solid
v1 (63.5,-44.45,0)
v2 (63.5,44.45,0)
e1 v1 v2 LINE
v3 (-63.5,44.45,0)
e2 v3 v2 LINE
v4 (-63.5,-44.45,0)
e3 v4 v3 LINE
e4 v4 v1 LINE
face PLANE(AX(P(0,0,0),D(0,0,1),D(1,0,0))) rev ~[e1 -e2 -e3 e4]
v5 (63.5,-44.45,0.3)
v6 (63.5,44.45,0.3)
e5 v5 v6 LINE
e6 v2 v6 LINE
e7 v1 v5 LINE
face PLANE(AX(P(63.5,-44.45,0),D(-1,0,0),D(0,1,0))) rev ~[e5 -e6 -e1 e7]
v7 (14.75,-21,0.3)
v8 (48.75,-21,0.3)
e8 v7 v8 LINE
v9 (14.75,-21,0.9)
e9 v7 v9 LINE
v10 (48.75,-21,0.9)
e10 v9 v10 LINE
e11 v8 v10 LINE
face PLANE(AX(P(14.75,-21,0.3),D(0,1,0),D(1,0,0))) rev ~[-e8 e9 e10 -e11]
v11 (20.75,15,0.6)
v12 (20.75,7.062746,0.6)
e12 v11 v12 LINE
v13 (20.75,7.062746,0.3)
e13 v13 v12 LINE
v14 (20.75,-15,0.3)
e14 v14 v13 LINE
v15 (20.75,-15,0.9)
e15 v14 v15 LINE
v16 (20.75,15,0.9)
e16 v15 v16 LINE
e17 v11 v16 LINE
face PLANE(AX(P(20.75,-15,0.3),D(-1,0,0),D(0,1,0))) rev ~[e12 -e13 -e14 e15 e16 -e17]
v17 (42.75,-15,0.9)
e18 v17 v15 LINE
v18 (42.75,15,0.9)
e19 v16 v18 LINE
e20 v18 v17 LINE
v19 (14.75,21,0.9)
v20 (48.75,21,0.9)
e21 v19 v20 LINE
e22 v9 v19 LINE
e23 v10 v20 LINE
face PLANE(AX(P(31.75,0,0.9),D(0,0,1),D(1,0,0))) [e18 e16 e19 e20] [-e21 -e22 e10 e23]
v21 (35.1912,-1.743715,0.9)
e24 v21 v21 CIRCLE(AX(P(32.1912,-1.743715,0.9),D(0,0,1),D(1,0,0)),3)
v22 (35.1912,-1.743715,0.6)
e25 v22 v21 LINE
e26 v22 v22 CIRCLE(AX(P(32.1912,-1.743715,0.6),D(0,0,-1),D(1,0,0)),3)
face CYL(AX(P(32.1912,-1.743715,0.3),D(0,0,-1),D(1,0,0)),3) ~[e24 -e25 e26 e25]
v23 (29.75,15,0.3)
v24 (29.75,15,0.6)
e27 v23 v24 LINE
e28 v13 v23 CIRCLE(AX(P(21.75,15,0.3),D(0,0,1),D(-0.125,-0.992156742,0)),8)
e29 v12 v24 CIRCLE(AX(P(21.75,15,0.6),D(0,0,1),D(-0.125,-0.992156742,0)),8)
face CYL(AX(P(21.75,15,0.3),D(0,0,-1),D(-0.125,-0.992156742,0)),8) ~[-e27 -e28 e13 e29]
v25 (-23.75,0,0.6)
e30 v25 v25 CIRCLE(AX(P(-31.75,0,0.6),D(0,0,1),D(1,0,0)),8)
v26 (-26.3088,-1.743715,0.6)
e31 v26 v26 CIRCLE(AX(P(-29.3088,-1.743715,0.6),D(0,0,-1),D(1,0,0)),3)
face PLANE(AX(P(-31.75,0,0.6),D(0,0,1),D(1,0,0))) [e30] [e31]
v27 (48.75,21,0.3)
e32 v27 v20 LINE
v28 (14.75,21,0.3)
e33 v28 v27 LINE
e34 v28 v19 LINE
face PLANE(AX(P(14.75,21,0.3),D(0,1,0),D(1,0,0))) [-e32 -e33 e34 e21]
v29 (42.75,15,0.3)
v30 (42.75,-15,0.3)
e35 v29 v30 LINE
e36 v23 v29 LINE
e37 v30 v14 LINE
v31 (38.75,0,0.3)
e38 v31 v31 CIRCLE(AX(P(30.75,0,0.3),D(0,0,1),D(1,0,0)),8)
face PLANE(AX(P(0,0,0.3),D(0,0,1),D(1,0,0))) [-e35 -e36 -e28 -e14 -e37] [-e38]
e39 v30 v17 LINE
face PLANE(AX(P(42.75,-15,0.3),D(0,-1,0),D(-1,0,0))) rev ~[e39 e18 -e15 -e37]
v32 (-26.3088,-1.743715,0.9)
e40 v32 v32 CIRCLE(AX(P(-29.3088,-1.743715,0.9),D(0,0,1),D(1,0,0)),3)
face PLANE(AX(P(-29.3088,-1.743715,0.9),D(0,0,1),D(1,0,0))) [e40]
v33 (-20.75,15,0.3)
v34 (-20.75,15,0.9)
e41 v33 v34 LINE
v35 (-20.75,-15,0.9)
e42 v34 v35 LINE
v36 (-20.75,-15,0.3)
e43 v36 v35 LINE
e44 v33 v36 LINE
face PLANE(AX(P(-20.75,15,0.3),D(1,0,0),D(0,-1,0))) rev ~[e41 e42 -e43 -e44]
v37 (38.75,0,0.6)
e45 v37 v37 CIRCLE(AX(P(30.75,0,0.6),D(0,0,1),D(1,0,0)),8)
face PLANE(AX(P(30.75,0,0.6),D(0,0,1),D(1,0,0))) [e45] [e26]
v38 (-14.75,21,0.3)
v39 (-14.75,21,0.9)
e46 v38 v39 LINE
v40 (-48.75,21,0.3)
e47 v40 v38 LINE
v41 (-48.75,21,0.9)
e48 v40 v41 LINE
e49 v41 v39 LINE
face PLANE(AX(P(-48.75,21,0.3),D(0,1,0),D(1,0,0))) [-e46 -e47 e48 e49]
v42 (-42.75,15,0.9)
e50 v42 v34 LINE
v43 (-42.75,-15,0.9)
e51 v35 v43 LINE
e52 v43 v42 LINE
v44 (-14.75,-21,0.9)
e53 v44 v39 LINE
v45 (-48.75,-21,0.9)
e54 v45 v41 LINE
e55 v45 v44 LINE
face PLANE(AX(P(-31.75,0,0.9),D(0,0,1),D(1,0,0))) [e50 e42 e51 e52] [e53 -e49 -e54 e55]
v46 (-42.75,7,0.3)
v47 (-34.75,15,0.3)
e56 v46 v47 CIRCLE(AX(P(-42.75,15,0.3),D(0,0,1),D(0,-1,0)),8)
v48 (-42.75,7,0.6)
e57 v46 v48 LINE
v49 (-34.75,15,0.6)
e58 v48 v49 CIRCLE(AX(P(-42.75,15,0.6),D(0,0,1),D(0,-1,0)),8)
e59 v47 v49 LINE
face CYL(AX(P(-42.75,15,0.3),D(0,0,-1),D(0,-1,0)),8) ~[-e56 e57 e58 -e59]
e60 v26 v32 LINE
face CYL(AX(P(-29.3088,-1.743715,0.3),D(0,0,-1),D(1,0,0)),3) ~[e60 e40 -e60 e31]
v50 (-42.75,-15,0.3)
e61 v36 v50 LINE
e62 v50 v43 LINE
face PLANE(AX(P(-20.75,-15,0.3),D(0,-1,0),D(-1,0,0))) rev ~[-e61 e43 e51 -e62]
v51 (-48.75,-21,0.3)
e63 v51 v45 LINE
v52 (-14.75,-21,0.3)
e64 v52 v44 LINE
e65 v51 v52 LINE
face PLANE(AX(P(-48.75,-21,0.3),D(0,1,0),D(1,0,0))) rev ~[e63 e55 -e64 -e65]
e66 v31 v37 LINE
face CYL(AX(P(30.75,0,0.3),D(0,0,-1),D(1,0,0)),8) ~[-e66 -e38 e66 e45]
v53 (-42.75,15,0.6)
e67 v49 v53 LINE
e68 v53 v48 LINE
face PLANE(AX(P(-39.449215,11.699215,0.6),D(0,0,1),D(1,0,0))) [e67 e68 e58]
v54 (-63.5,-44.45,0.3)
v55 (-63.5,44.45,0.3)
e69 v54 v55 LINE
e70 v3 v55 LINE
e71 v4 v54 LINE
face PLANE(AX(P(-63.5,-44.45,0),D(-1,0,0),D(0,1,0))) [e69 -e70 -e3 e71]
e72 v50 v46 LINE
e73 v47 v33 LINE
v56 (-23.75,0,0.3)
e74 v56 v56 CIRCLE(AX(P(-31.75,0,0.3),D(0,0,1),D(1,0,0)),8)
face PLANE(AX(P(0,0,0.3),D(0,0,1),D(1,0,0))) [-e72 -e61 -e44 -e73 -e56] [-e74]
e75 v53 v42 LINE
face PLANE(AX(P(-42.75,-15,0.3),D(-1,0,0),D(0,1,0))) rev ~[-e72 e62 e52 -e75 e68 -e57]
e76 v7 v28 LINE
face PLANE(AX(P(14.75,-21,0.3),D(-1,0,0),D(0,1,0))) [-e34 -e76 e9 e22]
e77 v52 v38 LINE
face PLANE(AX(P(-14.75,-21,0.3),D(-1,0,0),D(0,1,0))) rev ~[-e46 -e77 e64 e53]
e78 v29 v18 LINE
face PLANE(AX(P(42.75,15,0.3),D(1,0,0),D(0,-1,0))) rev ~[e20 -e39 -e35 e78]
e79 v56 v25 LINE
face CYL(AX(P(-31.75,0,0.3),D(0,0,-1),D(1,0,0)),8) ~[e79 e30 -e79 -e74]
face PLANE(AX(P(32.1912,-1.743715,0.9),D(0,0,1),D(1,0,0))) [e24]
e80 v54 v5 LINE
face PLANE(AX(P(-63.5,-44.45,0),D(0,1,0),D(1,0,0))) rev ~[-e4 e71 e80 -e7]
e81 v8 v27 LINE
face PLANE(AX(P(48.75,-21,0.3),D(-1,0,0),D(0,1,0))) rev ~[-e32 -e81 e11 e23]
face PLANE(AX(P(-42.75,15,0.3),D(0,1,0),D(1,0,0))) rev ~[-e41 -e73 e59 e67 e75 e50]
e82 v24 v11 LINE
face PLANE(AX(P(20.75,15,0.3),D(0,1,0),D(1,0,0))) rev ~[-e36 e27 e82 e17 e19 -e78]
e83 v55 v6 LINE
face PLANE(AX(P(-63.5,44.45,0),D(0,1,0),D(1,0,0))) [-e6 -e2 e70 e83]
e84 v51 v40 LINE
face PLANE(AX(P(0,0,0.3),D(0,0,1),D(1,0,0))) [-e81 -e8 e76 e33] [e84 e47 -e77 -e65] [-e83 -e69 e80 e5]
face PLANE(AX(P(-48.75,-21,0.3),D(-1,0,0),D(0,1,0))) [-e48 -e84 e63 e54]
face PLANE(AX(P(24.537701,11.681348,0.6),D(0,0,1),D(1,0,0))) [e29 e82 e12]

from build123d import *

# Parameters (mm, degrees)
F0_W     = 127
F0_H     = 88.9
F1_DEPTH = 0.3
F2_R     = 8
F2_R_2   = 3
F3_DEPTH = 0.3
F2_W     = 33.9999994338
F2_H     = 41.9999994338
F4_DEPTH = 0.6


with BuildPart() as f1:
    # F0 (on Top) → F1 (new body)
    with BuildSketch(Plane.XY):
        Rectangle(F0_W, F0_H)
    extrude(amount=F1_DEPTH)

    # F2 (on face) → F3 (join)
    with BuildSketch(Plane.XY.offset(0.3)):
        with Locations((-31.75, 0)):
            Circle(F2_R)
        with Locations((-29.3087995864, -1.7437145812)):
            Circle(F2_R_2, mode=Mode.SUBTRACT)
        with Locations((30.75, 0)):
            Circle(F2_R)
        with Locations((32.1912004136, -1.7437145812)):
            Circle(F2_R_2, mode=Mode.SUBTRACT)
        with BuildLine():
            Line((-42.75, 15), (-42.75, 7))
            ThreePointArc((-42.75, 7), (-37.0931457505, 9.3431457505), (-34.75, 15))
            Line((-34.75, 15), (-42.75, 15))
        make_face()
        with BuildLine():
            ThreePointArc((20.75, 7.0627460668), (27.0415026221, 9), (29.75, 15))
            Line((29.75, 15), (20.75, 15))
            Line((20.75, 15), (20.75, 7.0627460668))
        make_face()
        with Locations((-29.3087995864, -1.7437145812)):
            Circle(F2_R_2)
        with Locations((32.1912004136, -1.7437145812)):
            Circle(F2_R_2)
    extrude(amount=F3_DEPTH)

    # F2 (on face) → F4 (join)
    with BuildSketch(Plane.XY.offset(0.3)):
        with Locations((-31.75, 0)):
            Rectangle(F2_W, F2_H)
        Polygon((-20.75, 15), (-20.75, -15), (-42.75, -15), (-42.75, 7), (-42.75, 15), (-34.75, 15), align=None, mode=Mode.SUBTRACT)
        with Locations((31.75, 0)):
            Rectangle(F2_W, F2_H)
        Polygon((29.75, 15), (42.75, 15), (42.75, -15), (20.75, -15), (20.75, 7.0627460668), (20.75, 15), align=None, mode=Mode.SUBTRACT)
        with Locations((-29.3087995864, -1.7437145812)):
            Circle(F2_R_2)
        with Locations((32.1912004136, -1.7437145812)):
            Circle(F2_R_2)
    extrude(amount=F4_DEPTH)


solid = f1.part
